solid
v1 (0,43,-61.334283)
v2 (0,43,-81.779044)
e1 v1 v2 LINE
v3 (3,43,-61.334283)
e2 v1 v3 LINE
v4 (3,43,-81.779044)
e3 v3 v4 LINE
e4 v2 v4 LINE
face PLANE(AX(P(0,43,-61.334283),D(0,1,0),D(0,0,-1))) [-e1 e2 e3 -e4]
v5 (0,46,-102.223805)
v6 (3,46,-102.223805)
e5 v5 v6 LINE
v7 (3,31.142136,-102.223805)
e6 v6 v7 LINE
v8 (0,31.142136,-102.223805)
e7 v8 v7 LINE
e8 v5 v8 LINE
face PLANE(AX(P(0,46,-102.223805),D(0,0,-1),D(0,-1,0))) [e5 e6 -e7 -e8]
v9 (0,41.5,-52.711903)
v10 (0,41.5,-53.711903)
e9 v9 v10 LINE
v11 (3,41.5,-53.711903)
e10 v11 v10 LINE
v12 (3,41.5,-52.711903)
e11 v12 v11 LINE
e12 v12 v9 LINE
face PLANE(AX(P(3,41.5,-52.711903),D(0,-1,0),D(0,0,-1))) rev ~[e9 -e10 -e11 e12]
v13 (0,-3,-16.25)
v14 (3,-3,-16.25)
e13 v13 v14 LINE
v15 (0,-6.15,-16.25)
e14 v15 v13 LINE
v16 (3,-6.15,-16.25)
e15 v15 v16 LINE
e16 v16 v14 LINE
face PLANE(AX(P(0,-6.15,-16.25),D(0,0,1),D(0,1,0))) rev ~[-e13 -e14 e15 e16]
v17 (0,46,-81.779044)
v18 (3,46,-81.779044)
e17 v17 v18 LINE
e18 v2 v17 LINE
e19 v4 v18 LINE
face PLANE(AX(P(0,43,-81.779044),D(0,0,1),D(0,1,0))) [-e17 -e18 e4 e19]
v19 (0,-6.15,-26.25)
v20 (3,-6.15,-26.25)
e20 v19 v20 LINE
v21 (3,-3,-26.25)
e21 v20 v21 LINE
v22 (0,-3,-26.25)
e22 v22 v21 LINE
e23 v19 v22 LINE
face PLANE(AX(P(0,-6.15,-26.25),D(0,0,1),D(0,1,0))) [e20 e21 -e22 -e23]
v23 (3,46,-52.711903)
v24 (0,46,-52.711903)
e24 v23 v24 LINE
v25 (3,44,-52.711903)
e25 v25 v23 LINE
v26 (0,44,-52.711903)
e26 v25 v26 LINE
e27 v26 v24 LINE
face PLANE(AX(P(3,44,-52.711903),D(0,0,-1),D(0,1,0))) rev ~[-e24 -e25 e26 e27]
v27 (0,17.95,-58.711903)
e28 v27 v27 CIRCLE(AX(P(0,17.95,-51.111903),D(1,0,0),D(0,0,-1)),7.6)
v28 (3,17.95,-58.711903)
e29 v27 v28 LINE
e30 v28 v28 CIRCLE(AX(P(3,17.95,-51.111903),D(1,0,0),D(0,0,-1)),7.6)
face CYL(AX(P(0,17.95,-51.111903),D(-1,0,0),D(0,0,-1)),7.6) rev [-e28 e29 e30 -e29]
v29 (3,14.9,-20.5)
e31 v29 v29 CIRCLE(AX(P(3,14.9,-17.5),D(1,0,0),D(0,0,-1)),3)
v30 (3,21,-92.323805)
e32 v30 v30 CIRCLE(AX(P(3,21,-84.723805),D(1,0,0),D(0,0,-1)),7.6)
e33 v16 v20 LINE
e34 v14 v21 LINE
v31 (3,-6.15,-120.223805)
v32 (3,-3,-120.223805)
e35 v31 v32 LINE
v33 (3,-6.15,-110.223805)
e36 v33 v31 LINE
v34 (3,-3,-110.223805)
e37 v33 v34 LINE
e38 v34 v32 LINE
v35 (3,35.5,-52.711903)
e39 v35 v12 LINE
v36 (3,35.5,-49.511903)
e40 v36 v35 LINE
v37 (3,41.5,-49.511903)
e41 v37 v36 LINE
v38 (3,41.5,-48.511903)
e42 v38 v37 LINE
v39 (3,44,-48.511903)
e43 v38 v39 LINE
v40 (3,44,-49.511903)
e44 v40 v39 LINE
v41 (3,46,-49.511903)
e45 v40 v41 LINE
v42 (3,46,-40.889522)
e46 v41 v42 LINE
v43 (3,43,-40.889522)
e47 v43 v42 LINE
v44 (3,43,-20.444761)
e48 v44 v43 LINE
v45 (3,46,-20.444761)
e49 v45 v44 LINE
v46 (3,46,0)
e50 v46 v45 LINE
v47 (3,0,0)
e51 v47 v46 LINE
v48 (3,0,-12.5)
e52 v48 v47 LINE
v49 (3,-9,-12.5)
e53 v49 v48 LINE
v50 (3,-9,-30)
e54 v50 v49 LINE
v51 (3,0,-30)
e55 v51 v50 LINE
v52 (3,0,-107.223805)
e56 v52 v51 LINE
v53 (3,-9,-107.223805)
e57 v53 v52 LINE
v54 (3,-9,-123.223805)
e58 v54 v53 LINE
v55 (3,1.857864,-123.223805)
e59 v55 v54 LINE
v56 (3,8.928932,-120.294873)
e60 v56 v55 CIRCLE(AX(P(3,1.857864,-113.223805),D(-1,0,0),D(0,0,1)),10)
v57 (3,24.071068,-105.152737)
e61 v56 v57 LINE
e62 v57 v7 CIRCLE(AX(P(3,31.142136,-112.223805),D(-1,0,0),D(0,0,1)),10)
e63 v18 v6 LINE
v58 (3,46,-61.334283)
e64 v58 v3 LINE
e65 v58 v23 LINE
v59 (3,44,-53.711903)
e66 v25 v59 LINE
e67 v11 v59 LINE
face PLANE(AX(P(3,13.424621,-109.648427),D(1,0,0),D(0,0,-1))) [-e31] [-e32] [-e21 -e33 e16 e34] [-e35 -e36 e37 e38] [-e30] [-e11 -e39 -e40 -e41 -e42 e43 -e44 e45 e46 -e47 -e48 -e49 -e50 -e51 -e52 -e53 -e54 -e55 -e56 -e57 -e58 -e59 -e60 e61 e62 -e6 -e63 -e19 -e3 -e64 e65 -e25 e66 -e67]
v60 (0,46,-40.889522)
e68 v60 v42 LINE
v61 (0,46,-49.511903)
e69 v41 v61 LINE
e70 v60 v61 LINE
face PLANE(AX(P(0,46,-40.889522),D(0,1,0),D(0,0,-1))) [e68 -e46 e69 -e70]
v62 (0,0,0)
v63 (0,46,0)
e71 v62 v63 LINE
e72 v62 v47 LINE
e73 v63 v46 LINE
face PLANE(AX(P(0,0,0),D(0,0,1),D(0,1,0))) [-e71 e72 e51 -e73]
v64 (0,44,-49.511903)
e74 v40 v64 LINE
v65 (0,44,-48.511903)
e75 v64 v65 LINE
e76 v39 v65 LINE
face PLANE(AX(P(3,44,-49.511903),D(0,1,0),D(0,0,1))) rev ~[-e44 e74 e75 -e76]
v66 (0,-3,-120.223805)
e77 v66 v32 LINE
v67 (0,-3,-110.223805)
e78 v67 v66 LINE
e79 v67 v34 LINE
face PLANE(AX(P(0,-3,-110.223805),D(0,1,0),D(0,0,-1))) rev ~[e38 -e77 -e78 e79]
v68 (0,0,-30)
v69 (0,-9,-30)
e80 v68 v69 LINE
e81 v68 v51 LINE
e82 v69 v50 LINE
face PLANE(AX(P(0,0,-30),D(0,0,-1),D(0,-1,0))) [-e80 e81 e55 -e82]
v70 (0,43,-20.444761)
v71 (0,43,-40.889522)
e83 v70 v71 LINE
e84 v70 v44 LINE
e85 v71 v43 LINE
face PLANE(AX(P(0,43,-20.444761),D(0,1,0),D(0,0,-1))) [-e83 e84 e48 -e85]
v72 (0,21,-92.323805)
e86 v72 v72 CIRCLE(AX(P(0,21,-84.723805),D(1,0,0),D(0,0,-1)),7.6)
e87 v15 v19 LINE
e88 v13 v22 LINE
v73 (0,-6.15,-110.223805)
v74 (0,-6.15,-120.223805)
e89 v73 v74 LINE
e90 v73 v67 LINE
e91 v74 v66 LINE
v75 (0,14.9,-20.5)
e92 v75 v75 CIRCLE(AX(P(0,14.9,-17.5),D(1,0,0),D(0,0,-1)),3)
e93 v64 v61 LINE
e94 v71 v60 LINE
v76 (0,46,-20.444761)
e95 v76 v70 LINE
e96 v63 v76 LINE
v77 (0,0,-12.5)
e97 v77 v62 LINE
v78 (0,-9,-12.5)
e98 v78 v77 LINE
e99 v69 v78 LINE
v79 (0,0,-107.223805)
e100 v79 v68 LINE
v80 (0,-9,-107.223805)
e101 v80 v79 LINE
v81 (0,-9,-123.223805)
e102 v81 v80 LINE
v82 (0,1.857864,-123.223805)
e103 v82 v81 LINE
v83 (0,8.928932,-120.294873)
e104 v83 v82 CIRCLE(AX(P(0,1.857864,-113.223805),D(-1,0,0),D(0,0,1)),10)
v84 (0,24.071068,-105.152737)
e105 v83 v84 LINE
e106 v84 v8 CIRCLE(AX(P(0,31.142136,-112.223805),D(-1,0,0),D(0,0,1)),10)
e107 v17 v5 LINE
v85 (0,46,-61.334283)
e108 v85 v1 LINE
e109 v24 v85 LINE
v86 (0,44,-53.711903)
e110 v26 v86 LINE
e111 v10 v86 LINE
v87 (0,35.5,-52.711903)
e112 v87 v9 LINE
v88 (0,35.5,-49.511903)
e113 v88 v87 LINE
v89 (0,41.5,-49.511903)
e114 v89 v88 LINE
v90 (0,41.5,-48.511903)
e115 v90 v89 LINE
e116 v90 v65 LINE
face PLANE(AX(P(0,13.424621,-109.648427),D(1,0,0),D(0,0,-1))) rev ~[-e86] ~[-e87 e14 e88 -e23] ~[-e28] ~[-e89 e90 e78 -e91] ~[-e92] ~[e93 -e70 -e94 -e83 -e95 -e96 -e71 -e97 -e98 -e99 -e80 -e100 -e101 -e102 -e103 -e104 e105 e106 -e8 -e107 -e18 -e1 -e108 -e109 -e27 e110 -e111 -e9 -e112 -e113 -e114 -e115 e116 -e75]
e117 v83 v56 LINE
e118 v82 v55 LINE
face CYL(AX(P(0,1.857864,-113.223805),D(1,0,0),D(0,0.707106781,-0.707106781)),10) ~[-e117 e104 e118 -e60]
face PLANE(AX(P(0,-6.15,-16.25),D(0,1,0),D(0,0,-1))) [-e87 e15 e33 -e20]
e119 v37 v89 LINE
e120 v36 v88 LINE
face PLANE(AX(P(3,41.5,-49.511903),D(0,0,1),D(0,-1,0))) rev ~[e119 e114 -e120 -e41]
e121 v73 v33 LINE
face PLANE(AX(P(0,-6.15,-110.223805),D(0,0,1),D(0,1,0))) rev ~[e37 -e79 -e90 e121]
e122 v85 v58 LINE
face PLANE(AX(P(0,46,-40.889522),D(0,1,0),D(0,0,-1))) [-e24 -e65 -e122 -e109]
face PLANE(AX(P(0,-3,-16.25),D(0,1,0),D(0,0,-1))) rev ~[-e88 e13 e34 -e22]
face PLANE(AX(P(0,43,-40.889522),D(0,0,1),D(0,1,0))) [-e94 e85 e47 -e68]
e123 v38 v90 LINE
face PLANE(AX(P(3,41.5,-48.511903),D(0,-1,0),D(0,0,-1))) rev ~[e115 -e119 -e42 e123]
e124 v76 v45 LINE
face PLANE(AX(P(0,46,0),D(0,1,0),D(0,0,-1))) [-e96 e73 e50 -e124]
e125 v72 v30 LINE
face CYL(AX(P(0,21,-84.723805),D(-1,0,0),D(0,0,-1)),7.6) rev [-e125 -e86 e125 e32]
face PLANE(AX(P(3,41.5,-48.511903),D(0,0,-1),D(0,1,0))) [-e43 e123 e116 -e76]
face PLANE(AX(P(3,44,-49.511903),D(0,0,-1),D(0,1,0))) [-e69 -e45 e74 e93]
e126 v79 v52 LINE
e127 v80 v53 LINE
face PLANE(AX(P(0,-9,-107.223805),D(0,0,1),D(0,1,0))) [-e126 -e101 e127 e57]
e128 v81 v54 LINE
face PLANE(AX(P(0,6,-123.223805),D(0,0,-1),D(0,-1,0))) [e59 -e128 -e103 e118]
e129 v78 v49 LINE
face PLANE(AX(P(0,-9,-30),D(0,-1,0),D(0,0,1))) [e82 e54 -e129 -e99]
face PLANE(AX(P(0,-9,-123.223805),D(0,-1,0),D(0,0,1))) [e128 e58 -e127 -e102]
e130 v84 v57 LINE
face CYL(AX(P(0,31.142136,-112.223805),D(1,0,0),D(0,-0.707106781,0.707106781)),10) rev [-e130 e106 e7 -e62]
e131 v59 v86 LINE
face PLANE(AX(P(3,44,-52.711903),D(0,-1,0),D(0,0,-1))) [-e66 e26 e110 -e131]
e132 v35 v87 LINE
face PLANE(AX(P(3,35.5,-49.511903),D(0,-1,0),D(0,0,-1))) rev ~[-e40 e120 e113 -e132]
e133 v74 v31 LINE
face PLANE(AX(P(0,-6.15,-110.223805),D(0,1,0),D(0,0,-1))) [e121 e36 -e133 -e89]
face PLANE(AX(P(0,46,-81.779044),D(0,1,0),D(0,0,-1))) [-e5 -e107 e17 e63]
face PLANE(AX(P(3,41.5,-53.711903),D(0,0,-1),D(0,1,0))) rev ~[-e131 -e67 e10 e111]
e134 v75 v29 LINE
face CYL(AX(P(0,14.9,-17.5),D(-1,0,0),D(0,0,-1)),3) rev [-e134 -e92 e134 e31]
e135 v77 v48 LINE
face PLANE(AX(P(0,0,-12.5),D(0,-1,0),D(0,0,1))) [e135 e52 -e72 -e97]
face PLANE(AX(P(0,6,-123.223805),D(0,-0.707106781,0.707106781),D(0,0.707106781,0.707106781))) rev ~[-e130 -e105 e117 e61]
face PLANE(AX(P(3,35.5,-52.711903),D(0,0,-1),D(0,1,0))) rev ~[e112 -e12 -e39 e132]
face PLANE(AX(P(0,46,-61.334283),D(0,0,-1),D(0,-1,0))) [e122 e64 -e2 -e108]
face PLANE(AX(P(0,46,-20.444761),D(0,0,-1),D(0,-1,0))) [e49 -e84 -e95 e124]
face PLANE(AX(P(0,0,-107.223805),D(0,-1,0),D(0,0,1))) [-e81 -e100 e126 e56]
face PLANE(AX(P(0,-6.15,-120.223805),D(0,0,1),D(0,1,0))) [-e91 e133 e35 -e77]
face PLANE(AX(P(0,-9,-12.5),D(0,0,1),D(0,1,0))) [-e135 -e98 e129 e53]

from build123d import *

# Parameters (mm, degrees)
SKETCH1_R               = 7.6
SKETCH1_R_2             = 3
SKETCH1_W               = 10
SKETCH1_H               = 3.15
BOSS_EXTRUDE1_DEPTH     = 3
FILLET1_R               = 10
SKETCH2_W               = 3.2
SKETCH2_H               = 6
SKETCH2_H_2             = 2.5
SKETCH2_W_2             = 1
SKETCH2_H_3             = 2
CUT_EXTRUDE1_DEPTH      = 1
CUT_EXTRUDE1_DEPTH_BACK = 4


with BuildPart() as part:
    # Sketch1 → Boss-Extrude1 (new body)
    with BuildSketch(Plane(origin=(0, 0, 0), x_dir=(0, 0, -1), z_dir=(1, 0, 0))):
        Polygon((102.223805307, 6), (123.223805307, 6), (102.223805307, 27), align=None)
        Polygon((102.223805307, 6), (123.223805307, 6), (123.223805307, -9), (107.223805307, -9), (107.223805307, 0), (30, 0), (30, -9), (12.5, -9), (12.5, 0), (0, 0), (0, 46), (20.444761061, 46), (20.444761061, 43), (40.889522123, 43), (40.889522123, 46), (61.334283184, 46), (61.334283184, 43), (81.779044246, 43), (81.779044246, 46), (102.223805307, 46), align=None)
        with Locations((84.723805307, 21)):
            Circle(SKETCH1_R, mode=Mode.SUBTRACT)
        with Locations((51.111902654, 17.95)):
            Circle(SKETCH1_R, mode=Mode.SUBTRACT)
        with Locations((17.5, 14.9)):
            Circle(SKETCH1_R_2, mode=Mode.SUBTRACT)
        with Locations((115.223805307, -4.575)):
            Rectangle(SKETCH1_W, SKETCH1_H, mode=Mode.SUBTRACT)
        with Locations((21.25, -4.575)):
            Rectangle(SKETCH1_W, SKETCH1_H, mode=Mode.SUBTRACT)
    extrude(amount=BOSS_EXTRUDE1_DEPTH)

    # Fillet1
    fillet1_edges = [part.edges().sort_by_distance(p)[0] for p in [
        (1.5, 6, -123.223805307),
        (1.5, 27, -102.223805307),
    ]]
    fillet(fillet1_edges, radius=FILLET1_R)

    # Sketch2 → Cut-Extrude1 (cut, two sides)
    with BuildSketch(Plane(origin=(3, 0, 0), x_dir=(0, 0, -1), z_dir=(1, 0, 0))) as cut_extrude1_sk:
        with Locations((51.111902654, 38.5)):
            Rectangle(SKETCH2_W, SKETCH2_H)
        with Locations((51.111902654, 42.75)):
            Rectangle(SKETCH2_W, SKETCH2_H_2)
        with Locations((49.011902654, 42.75)):
            Rectangle(SKETCH2_W_2, SKETCH2_H_2)
        with Locations((51.111902654, 45)):
            Rectangle(SKETCH2_W, SKETCH2_H_3)
        with Locations((53.211902654, 42.75)):
            Rectangle(SKETCH2_W_2, SKETCH2_H_2)
    extrude(amount=CUT_EXTRUDE1_DEPTH, mode=Mode.SUBTRACT)
    extrude(cut_extrude1_sk.sketch, amount=-CUT_EXTRUDE1_DEPTH_BACK, mode=Mode.SUBTRACT)


solid = part.part
